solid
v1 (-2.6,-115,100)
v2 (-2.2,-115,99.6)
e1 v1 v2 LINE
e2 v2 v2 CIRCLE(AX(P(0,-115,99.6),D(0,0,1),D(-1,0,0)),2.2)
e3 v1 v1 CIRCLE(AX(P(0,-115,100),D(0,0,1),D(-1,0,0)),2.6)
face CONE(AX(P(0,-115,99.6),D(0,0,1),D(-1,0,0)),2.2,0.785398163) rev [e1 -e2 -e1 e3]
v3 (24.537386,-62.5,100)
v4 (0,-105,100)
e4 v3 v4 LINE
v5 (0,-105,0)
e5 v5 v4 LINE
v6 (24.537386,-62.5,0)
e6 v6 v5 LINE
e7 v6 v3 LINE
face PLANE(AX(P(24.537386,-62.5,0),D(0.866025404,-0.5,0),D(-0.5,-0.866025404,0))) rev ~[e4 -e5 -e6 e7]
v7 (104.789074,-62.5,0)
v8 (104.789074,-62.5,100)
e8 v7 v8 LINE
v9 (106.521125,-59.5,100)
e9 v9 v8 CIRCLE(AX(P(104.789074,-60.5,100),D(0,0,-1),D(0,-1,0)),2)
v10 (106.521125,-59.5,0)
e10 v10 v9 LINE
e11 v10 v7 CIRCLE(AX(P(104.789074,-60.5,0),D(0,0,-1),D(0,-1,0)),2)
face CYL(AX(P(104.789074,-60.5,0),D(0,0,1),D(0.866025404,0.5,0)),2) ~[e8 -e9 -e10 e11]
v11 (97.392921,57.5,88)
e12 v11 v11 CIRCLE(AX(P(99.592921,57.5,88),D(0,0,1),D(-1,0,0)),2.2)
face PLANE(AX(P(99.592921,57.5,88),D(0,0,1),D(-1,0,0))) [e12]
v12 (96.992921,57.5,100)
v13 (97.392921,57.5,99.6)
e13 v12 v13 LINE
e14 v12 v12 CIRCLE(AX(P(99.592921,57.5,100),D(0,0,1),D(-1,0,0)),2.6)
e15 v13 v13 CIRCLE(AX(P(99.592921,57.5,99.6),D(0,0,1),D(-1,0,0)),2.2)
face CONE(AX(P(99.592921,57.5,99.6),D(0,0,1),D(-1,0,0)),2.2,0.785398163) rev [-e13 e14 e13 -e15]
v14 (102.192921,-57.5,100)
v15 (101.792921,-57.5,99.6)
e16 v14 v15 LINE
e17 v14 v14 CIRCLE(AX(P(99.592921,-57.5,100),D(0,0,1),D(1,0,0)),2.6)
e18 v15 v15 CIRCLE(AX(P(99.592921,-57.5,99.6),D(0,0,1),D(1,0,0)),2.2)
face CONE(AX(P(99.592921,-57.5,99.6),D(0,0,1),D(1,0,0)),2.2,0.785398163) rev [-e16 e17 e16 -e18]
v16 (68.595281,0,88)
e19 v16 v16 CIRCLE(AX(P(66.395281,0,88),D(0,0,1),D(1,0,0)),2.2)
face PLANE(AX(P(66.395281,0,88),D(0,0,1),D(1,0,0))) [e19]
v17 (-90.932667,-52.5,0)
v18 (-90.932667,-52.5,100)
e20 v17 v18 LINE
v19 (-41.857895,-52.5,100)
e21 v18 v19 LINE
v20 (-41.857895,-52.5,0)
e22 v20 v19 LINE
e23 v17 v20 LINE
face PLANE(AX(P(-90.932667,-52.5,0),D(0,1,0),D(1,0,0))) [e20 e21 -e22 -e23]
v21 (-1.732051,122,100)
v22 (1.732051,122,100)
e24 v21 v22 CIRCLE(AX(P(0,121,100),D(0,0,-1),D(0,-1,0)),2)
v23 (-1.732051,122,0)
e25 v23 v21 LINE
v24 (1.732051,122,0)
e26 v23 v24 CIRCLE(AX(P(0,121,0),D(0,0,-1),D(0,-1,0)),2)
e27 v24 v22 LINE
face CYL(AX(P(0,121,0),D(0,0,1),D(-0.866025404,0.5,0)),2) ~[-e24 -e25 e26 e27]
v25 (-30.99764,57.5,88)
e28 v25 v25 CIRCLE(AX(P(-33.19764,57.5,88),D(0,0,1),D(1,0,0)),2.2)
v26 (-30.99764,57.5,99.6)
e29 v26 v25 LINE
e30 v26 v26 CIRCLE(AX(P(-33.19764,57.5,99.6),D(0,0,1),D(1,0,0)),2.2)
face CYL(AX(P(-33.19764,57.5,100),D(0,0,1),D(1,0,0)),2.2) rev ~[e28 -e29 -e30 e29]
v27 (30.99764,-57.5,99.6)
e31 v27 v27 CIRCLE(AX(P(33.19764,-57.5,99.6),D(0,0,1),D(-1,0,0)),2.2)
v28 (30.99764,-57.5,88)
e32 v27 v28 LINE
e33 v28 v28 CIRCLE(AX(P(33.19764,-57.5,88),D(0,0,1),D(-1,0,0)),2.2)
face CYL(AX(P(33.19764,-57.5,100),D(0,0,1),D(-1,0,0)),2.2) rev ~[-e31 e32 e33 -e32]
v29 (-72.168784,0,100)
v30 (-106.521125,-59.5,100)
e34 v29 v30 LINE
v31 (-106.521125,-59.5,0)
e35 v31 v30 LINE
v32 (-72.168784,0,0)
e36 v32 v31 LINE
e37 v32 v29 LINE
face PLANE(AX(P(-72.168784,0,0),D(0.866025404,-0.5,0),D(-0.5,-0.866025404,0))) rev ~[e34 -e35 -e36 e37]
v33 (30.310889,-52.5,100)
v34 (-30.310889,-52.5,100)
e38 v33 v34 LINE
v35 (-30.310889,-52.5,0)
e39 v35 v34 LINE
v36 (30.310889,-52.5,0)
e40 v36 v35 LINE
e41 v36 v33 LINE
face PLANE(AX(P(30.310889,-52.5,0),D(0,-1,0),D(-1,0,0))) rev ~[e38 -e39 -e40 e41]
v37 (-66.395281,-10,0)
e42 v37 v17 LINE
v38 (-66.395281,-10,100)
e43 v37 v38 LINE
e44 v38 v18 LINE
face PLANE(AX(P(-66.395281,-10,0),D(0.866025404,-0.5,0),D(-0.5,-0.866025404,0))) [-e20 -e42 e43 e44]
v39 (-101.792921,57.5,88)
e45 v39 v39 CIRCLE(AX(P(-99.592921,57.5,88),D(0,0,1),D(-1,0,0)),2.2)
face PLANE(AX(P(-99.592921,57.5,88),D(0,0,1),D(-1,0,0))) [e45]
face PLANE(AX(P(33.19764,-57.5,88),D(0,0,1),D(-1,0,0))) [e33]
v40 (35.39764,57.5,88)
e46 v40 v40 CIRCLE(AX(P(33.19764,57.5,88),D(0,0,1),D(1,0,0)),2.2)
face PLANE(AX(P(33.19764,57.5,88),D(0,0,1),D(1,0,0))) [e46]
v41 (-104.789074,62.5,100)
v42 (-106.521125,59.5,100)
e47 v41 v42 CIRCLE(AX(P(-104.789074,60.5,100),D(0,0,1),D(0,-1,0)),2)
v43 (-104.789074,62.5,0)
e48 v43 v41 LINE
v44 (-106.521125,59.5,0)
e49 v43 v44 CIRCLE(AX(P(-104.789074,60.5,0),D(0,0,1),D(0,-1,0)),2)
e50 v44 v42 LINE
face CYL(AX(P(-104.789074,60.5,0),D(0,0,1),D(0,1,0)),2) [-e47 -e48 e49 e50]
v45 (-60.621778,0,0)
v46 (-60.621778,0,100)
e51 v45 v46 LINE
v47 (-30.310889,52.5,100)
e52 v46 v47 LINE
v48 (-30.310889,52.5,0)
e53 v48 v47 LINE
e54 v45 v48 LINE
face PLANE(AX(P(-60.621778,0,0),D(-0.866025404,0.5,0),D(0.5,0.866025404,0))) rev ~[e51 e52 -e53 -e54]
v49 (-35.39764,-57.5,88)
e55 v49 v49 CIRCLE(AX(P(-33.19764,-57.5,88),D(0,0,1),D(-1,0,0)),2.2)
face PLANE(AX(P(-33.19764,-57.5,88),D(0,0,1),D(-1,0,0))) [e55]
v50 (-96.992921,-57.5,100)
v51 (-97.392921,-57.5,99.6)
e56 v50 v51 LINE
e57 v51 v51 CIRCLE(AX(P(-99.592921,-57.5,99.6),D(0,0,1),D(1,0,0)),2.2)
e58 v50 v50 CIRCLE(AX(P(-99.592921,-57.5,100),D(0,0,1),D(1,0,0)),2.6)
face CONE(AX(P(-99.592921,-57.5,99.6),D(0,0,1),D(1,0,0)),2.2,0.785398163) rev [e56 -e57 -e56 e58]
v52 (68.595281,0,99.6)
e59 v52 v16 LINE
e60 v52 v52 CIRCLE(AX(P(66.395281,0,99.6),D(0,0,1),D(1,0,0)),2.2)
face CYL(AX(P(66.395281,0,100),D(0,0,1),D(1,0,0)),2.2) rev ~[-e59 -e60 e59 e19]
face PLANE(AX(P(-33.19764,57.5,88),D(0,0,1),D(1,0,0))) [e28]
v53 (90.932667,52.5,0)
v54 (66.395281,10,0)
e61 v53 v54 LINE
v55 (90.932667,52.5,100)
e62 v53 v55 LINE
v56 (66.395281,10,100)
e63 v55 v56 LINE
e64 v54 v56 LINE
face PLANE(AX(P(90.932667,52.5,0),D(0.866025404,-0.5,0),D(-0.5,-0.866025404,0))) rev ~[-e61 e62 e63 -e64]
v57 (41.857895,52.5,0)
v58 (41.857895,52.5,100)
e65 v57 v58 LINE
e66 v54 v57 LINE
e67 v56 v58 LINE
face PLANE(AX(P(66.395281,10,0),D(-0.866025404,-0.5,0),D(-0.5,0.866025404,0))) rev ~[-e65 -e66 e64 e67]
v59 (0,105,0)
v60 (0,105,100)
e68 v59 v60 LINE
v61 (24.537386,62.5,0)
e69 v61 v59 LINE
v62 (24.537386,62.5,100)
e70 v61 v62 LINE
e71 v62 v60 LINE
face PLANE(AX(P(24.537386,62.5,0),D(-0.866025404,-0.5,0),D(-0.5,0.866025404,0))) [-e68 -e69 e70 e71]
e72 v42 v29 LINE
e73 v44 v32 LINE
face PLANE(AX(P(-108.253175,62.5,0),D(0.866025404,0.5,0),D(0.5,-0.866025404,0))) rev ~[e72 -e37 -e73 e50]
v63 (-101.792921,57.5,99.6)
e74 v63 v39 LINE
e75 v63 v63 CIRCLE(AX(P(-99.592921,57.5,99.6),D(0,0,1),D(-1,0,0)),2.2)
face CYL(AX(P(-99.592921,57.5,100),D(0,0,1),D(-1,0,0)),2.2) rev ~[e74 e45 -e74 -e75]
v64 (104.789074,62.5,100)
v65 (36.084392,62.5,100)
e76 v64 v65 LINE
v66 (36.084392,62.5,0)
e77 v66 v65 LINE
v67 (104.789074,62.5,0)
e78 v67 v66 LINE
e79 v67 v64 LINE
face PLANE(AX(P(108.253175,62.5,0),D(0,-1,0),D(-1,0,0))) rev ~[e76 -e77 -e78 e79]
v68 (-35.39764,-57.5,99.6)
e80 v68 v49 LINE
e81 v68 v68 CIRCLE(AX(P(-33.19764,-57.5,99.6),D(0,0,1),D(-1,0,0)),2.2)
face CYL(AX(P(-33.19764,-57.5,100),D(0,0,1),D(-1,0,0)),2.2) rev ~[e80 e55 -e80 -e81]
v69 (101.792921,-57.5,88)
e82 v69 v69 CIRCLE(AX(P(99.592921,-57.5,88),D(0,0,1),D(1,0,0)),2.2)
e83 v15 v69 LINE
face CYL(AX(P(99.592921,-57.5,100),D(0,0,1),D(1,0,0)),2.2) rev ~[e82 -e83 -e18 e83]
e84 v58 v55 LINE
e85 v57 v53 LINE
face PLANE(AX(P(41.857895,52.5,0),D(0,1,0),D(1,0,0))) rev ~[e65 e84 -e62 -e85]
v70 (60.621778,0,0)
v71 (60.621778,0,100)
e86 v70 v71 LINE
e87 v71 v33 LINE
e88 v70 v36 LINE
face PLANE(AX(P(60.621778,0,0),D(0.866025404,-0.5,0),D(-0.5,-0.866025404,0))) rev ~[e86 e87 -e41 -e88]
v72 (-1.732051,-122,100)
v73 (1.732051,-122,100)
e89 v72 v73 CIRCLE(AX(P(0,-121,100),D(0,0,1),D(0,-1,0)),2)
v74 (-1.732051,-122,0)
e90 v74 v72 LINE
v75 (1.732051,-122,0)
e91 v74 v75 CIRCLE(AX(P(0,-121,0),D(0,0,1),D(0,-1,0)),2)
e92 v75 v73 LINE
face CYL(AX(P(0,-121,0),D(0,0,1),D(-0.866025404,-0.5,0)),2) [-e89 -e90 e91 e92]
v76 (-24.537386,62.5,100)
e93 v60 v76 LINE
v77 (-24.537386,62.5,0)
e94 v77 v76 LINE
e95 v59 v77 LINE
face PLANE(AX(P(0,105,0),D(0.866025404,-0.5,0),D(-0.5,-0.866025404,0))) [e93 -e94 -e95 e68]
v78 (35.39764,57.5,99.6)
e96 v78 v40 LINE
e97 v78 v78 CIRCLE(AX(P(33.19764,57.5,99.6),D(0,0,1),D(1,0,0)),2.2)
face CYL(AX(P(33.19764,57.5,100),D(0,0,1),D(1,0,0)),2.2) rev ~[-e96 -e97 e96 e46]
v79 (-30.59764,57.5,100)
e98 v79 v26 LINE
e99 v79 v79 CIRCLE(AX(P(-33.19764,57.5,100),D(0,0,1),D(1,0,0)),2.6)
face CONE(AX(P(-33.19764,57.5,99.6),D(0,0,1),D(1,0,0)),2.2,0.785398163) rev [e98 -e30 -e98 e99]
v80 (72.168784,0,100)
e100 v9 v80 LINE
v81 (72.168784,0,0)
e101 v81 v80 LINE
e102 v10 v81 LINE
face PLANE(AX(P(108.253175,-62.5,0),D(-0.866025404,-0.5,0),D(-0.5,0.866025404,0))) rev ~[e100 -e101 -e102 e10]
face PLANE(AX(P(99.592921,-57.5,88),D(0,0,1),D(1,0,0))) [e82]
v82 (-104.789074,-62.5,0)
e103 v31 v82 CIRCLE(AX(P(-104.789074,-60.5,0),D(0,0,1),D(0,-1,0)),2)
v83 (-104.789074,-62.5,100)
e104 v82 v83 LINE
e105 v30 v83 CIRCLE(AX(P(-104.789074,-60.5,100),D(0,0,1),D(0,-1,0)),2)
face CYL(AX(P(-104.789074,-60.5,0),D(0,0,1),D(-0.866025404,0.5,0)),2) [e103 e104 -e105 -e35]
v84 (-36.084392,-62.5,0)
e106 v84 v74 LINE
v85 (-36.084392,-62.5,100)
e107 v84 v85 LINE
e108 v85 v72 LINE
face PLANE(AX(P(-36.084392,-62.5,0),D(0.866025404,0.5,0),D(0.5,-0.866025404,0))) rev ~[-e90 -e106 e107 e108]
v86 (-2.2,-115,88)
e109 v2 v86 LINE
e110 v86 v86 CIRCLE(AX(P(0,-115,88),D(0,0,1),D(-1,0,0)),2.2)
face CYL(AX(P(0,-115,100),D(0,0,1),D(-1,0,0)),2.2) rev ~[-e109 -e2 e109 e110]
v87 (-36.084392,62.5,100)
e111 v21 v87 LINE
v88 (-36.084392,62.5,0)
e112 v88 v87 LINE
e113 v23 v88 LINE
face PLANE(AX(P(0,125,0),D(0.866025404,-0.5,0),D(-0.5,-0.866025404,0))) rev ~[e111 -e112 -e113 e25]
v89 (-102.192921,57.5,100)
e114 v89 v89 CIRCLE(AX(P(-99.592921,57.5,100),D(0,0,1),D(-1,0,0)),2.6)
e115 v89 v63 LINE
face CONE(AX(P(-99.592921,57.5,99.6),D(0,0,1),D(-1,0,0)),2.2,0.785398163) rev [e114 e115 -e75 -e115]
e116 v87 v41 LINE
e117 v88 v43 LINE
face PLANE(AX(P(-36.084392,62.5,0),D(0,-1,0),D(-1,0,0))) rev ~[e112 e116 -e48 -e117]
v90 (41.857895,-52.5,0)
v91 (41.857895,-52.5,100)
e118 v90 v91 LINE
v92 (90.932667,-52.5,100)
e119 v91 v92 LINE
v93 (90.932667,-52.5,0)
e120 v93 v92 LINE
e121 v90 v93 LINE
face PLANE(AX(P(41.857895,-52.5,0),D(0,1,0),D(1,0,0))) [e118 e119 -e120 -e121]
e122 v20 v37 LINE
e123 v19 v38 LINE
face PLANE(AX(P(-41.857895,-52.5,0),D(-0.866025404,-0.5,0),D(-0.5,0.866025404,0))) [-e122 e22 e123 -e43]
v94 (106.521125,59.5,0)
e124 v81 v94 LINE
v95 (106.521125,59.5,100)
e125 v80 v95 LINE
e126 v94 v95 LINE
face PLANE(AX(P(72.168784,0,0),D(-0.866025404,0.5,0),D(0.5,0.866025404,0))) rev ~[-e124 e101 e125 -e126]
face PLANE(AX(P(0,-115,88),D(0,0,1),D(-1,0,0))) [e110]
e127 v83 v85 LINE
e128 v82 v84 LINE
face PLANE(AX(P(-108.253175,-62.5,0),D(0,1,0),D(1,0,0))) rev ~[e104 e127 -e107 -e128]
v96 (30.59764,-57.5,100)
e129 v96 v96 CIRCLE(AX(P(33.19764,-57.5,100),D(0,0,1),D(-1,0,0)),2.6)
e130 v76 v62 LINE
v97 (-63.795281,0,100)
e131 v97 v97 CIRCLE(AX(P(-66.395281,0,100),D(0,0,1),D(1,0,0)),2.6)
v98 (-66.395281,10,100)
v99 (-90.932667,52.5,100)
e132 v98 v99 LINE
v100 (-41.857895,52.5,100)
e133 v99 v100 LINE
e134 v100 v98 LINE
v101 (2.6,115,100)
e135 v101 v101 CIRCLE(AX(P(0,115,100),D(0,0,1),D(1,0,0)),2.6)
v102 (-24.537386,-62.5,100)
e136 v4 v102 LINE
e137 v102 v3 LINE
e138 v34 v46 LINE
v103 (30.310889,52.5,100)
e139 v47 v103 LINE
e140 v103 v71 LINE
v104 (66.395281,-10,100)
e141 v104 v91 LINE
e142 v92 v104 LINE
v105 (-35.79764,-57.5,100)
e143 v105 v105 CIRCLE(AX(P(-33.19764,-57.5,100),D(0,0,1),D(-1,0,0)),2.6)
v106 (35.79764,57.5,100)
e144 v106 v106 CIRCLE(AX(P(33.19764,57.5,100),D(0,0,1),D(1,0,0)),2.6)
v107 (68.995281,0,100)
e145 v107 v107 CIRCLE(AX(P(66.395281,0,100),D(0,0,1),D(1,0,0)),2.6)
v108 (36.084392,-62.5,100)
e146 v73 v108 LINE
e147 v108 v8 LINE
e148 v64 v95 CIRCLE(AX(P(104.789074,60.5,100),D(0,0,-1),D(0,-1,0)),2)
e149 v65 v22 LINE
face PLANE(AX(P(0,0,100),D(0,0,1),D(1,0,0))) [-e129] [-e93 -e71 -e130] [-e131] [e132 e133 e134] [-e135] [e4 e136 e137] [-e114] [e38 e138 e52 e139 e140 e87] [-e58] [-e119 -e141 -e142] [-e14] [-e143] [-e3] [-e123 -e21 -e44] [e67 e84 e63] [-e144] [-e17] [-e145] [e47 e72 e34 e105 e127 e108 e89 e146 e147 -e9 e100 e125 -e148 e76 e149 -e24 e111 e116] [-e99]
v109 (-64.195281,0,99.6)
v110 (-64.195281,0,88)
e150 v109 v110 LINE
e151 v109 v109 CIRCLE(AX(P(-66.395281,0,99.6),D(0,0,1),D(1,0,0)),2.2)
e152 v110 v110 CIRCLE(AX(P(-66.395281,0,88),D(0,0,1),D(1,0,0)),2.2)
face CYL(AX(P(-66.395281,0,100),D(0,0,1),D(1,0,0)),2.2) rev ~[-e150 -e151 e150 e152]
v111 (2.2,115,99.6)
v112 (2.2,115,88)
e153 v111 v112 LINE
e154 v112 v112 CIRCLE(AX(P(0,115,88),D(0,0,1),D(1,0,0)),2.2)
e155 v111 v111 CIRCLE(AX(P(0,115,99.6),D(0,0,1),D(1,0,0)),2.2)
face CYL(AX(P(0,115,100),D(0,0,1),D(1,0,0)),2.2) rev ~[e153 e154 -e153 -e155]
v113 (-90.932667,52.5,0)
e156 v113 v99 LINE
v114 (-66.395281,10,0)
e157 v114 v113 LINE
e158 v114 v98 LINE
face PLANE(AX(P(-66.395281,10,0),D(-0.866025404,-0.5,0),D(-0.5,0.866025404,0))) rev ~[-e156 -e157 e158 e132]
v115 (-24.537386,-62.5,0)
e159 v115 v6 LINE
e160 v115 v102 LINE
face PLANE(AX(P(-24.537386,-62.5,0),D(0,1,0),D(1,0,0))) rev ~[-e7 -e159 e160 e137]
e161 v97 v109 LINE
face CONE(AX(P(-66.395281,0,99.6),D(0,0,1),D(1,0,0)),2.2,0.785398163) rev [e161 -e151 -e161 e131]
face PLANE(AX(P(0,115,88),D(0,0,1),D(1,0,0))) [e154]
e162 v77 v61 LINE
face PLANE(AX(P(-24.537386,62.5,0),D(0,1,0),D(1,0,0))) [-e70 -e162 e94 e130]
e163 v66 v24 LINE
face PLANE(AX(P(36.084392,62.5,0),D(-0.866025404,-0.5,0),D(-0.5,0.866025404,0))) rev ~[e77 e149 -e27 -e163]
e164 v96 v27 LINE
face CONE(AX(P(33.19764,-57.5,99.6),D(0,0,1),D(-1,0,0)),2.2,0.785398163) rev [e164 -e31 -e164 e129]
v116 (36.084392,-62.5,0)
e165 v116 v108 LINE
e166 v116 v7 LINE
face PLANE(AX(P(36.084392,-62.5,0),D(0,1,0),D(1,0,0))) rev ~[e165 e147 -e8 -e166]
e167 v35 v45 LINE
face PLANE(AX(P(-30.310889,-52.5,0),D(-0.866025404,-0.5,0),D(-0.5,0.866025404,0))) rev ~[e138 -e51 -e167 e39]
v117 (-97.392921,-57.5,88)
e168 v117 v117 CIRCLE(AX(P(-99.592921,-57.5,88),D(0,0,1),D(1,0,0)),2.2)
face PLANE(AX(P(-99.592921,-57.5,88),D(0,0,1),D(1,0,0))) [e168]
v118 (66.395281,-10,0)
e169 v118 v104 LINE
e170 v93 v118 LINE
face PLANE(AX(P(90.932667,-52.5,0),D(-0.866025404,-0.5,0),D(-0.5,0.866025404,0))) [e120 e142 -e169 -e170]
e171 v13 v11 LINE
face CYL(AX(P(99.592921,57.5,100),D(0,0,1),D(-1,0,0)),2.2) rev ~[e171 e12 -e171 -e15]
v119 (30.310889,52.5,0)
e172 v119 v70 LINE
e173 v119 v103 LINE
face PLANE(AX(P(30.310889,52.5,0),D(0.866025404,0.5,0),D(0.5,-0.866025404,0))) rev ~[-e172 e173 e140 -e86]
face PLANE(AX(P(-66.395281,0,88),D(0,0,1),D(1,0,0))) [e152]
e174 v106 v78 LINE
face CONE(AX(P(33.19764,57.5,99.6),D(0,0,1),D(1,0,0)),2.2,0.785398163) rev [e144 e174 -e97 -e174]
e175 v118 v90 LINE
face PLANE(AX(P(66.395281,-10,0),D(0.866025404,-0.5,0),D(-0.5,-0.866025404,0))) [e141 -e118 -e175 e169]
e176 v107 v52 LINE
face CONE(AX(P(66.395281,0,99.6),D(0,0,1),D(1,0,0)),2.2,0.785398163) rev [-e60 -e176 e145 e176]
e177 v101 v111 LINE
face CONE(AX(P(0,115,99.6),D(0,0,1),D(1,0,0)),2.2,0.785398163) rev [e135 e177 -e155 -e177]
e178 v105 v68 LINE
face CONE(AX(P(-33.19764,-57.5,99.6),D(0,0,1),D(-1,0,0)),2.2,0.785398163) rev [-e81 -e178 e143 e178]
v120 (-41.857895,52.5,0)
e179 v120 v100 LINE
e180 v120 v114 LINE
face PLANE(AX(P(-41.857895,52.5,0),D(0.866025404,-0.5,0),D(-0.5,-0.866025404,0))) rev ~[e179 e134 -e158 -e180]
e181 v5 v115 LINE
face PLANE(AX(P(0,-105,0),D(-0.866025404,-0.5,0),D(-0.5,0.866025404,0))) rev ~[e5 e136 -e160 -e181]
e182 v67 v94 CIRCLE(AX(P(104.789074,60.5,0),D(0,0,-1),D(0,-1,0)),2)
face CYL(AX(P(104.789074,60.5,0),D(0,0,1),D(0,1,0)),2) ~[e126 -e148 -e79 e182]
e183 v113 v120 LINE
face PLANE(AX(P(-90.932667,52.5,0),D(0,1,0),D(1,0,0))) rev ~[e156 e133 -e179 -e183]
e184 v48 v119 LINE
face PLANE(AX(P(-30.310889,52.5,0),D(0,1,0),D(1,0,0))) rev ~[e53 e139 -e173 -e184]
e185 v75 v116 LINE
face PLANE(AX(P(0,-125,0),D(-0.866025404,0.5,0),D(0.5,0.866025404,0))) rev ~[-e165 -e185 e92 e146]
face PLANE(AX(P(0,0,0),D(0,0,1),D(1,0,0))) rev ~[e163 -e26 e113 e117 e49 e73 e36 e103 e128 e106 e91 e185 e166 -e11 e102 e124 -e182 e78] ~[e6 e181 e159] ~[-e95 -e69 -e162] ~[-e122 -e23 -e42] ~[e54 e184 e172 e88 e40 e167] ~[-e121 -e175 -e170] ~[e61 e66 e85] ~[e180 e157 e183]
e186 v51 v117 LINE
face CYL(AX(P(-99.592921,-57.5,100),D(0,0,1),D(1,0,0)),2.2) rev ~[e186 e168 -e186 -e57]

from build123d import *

# Parameters (mm, degrees)
EXTRUDE_1_DEPTH     = 100
FILLET_1_R          = 2
SKETCH_2_R          = 2.2
CUT_EXTRUDE_1_DEPTH = 12
CHAMFER_1_SIZE      = 0.4


with BuildPart() as part:
    # Эскиз1 → Бобышка-Вытянуть1 (new body)
    with BuildSketch(Plane.XY):
        Polygon((0, 125), (-36.084391824, 62.5), (-108.253175473, 62.5), (-72.168783649, 0), (-108.253175473, -62.5), (-36.084391824, -62.5), (0, -125), (36.084391824, -62.5), (108.253175473, -62.5), (72.168783649, 0), (108.253175473, 62.5), (36.084391824, 62.5), align=None)
        Polygon((0, 105), (-24.537386441, 62.5), (24.537386441, 62.5), align=None, mode=Mode.SUBTRACT)
        Polygon((-90.932667397, -52.5), (-41.857894516, -52.5), (-66.395280957, -10), align=None, mode=Mode.SUBTRACT)
        Polygon((90.932667397, -52.5), (66.395280957, -10), (41.857894516, -52.5), align=None, mode=Mode.SUBTRACT)
        Polygon((-90.932667397, 52.5), (-41.857894516, 52.5), (-66.395280957, 10), align=None, mode=Mode.SUBTRACT)
        Polygon((90.932667397, 52.5), (66.395280957, 10), (41.857894516, 52.5), align=None, mode=Mode.SUBTRACT)
        Polygon((0, -105), (-24.537386441, -62.5), (24.537386441, -62.5), align=None, mode=Mode.SUBTRACT)
        Polygon((-30.310889132, 52.5), (30.310889132, 52.5), (60.621778265, 0), (30.310889132, -52.5), (-30.310889132, -52.5), (-60.621778265, 0), align=None, mode=Mode.SUBTRACT)
    extrude(amount=EXTRUDE_1_DEPTH)

    # Скругление1
    fillet_1_edges = [part.edges().sort_by_distance(p)[0] for p in [
        (108.253175473, 62.5, 50),
        (108.253175473, -62.5, 50),
        (0, -125, 50),
        (-108.253175473, -62.5, 50),
        (-108.253175473, 62.5, 50),
        (0, 125, 50),
    ]]
    fillet(fillet_1_edges, radius=FILLET_1_R)

    # Эскиз2 → Вырез-Вытянуть1 (cut)
    with BuildSketch(Plane.XY.offset(100)):
        with Locations((0, 115)):
            Circle(SKETCH_2_R)
        with Locations((-99.592921435, -57.5)):
            Circle(SKETCH_2_R)
        with Locations((99.592921435, -57.5)):
            Circle(SKETCH_2_R)
        with Locations((-33.197640478, 57.5)):
            Circle(SKETCH_2_R)
        with Locations((33.197640478, 57.5)):
            Circle(SKETCH_2_R)
        with Locations(Location((-99.592921435, 57.5, 0), (0, 0, 180))):
            Circle(SKETCH_2_R)
        with Locations(Location((99.592921435, 57.5, 0), (0, 0, 180))):
            Circle(SKETCH_2_R)
        with Locations(Location((33.197640478, -57.5, 0), (0, 0, 180))):
            Circle(SKETCH_2_R)
        with Locations(Location((-33.197640478, -57.5, 0), (0, 0, 180))):
            Circle(SKETCH_2_R)
        with Locations(Location((0, -115, 0), (0, 0, 180))):
            Circle(SKETCH_2_R)
        with Locations((-66.395280957, 0)):
            Circle(SKETCH_2_R)
        with Locations((66.395280957, 0)):
            Circle(SKETCH_2_R)
    extrude(amount=-CUT_EXTRUDE_1_DEPTH, mode=Mode.SUBTRACT)

    # Фаска1
    chamfer_1_edges = [part.edges().sort_by_distance(p)[0] for p in [
        (-2.2, 115, 100),
        (64.195280957, 0, 100),
        (-68.595280957, 0, 100),
        (2.2, -115, 100),
        (-101.792921435, -57.5, 100),
        (97.392921435, -57.5, 100),
        (-35.397640478, 57.5, 100),
        (30.997640478, 57.5, 100),
        (-97.392921435, 57.5, 100),
        (101.792921435, 57.5, 100),
        (35.397640478, -57.5, 100),
        (-30.997640478, -57.5, 100),
    ]]
    chamfer(chamfer_1_edges, length=CHAMFER_1_SIZE)


solid = part.part
